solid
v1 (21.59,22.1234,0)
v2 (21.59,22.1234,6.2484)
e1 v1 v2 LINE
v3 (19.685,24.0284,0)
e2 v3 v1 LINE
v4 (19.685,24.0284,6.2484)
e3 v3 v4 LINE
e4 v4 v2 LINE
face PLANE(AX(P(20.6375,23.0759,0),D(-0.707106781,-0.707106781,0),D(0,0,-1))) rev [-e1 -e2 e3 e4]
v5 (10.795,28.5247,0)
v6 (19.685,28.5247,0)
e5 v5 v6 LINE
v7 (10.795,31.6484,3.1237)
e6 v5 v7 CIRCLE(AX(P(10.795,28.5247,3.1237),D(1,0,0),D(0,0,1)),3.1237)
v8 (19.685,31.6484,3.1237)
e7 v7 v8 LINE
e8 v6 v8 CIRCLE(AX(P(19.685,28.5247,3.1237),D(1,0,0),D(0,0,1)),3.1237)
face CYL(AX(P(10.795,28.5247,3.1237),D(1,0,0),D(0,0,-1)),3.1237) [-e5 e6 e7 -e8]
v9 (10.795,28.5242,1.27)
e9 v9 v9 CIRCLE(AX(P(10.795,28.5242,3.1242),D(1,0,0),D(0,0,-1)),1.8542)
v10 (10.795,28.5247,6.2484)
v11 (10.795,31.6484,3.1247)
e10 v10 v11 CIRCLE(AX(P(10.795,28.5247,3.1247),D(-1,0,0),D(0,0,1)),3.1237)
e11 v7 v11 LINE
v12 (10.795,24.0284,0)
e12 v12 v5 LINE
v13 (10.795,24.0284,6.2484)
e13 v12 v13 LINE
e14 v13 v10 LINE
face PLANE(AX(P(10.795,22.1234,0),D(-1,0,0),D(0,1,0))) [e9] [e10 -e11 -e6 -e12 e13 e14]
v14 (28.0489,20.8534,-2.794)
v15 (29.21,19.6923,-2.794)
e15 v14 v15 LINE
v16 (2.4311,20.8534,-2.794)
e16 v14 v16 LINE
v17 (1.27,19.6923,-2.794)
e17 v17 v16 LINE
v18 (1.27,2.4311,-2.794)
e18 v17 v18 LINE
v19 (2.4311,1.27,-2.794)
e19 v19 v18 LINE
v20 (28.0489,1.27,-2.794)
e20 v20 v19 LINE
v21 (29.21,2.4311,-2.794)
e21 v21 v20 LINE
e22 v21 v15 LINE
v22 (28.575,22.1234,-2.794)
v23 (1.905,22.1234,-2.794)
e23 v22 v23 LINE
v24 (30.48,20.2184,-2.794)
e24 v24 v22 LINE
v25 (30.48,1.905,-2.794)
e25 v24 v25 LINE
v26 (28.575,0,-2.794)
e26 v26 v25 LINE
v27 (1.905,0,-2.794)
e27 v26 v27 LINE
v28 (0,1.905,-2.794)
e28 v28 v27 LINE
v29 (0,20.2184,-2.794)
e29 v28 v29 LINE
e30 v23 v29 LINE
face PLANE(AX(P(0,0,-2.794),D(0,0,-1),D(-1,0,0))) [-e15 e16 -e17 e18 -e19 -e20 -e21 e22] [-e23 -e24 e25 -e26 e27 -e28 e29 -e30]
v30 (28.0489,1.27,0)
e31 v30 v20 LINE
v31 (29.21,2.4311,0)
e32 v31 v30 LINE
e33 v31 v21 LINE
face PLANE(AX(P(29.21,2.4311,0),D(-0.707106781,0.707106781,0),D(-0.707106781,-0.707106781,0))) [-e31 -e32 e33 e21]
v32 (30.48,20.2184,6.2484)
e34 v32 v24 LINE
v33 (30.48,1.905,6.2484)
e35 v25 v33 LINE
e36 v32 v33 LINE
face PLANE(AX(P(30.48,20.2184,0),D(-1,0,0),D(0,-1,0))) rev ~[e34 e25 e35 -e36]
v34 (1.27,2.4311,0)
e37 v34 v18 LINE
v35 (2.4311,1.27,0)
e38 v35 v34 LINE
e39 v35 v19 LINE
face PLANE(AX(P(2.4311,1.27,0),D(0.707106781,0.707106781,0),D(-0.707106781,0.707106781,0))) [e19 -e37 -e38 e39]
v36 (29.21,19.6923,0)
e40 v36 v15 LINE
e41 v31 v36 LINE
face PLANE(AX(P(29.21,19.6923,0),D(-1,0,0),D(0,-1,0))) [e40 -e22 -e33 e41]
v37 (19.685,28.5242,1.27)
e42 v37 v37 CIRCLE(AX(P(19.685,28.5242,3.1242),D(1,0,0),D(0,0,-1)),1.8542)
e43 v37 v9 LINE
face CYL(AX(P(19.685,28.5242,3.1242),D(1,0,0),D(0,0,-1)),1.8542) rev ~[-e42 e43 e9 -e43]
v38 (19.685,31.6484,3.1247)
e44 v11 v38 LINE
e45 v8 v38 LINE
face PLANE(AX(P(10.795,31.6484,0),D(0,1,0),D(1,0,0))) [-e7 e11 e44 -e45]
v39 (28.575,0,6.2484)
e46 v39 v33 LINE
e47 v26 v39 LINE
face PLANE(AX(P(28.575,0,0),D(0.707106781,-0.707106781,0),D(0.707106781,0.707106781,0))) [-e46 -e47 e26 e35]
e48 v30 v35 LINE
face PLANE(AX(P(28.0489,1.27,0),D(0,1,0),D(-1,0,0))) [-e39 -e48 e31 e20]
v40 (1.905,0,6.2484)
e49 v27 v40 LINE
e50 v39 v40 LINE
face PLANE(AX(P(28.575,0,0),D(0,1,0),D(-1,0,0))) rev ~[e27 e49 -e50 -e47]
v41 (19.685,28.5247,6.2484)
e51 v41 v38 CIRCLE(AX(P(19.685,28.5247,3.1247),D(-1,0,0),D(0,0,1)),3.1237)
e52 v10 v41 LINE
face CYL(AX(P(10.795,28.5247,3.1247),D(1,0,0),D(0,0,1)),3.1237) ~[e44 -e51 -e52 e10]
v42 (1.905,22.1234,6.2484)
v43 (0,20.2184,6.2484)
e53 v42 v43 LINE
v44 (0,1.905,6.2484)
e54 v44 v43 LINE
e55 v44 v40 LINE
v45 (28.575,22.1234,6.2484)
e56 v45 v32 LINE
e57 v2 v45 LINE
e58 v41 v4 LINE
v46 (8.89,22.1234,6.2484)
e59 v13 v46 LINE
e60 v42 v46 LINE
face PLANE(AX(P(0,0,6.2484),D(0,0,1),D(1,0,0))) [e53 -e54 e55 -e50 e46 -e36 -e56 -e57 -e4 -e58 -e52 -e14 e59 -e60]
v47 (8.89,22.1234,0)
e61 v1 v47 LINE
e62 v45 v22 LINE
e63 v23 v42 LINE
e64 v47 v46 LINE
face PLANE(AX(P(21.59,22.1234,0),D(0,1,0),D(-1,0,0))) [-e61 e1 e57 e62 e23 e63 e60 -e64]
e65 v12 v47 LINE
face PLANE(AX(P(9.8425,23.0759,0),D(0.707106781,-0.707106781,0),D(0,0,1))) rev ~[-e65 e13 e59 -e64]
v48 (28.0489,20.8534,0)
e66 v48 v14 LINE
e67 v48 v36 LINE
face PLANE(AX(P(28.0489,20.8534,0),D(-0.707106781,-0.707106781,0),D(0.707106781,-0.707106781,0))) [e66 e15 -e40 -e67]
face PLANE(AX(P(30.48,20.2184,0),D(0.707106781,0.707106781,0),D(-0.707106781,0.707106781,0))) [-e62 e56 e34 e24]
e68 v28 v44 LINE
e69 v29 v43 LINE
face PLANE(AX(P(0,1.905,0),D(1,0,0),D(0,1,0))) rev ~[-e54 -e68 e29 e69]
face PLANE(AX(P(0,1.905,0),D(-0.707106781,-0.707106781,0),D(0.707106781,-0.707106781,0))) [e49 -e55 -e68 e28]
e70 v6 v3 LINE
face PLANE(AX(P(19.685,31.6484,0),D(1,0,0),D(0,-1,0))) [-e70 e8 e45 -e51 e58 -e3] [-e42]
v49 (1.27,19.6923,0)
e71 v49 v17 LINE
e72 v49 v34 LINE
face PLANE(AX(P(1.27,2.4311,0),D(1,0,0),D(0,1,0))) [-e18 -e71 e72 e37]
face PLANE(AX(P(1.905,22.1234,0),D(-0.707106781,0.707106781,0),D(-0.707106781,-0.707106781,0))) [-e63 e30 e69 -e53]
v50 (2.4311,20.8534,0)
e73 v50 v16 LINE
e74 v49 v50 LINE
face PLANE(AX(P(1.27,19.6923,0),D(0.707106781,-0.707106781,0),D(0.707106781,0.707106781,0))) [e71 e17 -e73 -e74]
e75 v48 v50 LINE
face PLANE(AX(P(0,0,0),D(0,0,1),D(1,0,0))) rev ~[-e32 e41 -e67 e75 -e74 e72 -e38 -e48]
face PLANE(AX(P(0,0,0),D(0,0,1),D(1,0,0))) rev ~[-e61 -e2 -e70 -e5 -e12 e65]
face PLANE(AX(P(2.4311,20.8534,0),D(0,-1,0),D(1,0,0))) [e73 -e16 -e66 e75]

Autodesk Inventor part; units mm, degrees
ref_plane "YZ Plane" through (0, 0, 0) normal (1, 0, 0) x (0, 1, 0)
ref_plane "XZ Plane" through (0, 0, 0) normal (0, 1, 0) x (-1, 0, 0)
ref_plane "XY Plane" through (0, 0, 0) normal (0, 0, 1) x (1, 0, 0)
sketch "Sketch1" plane through (0, 0, 0) normal (0, 0, 1) x (1, 0, 0)
  line L0 (0, 0) -> (0, 22.1234)
  line L1 (0, 22.1234) -> (10.795, 22.1234)
  line L2 (10.795, 22.1234) -> (10.795, 31.6484)
  line L3 (10.795, 31.6484) -> (19.685, 31.6484)
  line L4 (19.685, 31.6484) -> (19.685, 22.1234)
  line L5 (19.685, 22.1234) -> (30.48, 22.1234)
  line L6 (30.48, 22.1234) -> (30.48, 0)
  line L7 (30.48, 0) -> (0, 0)
  dimension "d0" = 10.795
  dimension "d1" = 9.525
  dimension "d2" = 8.89
  dimension "d3" = 10.795
  dimension "d17" = 31.6484
extrude "Extrusion1" add sketch "Sketch1" along normal blind 6.2484
sketch "Sketch2" plane through (19.685, 22.1234, 0) normal (1, 0, 0) x (0, 0, -1)
  circle A0 centre (-3.1242, 6.4008) radius 1.8542
  line L0 (0, 9.525) -> (-6.2484, 9.525) projected
  line L1 (-3.1242, 9.525) -> (-3.1242, 0) construction
  line L2 (0, 0) -> (-6.2484, 0) projected
  point P0 (0, -22.1234)
  dimension "d7" = 3.7084
  dimension "d8" = 3.1242
extrude "Extrusion2" cut sketch "Sketch2" against normal through all
fillet "Fillet1" radius 3.1242 2 edges at (15.24, 31.6484, 6.2484) (15.24, 31.6484, 0)
chamfer "Chamfer1" distance 1.905 angle 45 6 edges at (19.685, 22.1234, 3.1242) (10.795, 22.1234, 3.1242) (30.48, 22.1234, 3.1242) (0, 22.1234, 3.1242) (30.48, 0, 3.1242) (0, 0, 3.1242)
sketch "Sketch4" plane through (0, 0, 0) normal (0, 0, -1) x (-1, 0, 0)
  line L0 (-21.59, 22.1234) -> (-8.89, 22.1234)
  line L1 (-1.905, 22.1234) -> (-8.89, 22.1234) projected
  line L2 (-1.905, 22.1234) -> (0, 20.2184) projected
  line L3 (0, 1.905) -> (0, 20.2184) projected
  line L4 (0, 1.905) -> (-1.905, 0) projected
  line L5 (-28.575, 0) -> (-1.905, 0) projected
  line L6 (-28.575, 0) -> (-30.48, 1.905) projected
  line L7 (-30.48, 20.2184) -> (-30.48, 1.905) projected
  line L8 (-30.48, 20.2184) -> (-28.575, 22.1234) projected
  line L9 (-21.59, 22.1234) -> (-28.575, 22.1234) projected
  line L10 (-28.0489, 20.8534) -> (-29.21, 19.6923)
  line L11 (-29.21, 19.6923) -> (-29.21, 2.4311)
  line L12 (-29.21, 2.4311) -> (-28.0489, 1.27)
  line L13 (-28.0489, 1.27) -> (-2.4311, 1.27)
  line L14 (-2.4311, 1.27) -> (-1.27, 2.4311)
  line L15 (-1.27, 2.4311) -> (-1.27, 19.6923)
  line L16 (-1.27, 19.6923) -> (-2.4311, 20.8534)
  line L17 (-2.4311, 20.8534) -> (-8.89, 20.8534)
  line L18 (-8.89, 20.8534) -> (-21.59, 20.8534)
  line L19 (-21.59, 20.8534) -> (-28.0489, 20.8534)
  line L20 (-29.21, 3.175) -> (-1.27, 3.175)
  point P0 (0, 0)
  point P1 (-29.21, 3.81)
  point P2 (-30.48, 3.81)
  point P3 (-1.27, 3.81)
  point P4 (0, 3.81)
  dimension "d18" = 1.27
  dimension "d19" = 3.175
extrude "Extrusion3" add sketch "Sketch4" along normal blind 2.794
properties part number "SDCardCover"
